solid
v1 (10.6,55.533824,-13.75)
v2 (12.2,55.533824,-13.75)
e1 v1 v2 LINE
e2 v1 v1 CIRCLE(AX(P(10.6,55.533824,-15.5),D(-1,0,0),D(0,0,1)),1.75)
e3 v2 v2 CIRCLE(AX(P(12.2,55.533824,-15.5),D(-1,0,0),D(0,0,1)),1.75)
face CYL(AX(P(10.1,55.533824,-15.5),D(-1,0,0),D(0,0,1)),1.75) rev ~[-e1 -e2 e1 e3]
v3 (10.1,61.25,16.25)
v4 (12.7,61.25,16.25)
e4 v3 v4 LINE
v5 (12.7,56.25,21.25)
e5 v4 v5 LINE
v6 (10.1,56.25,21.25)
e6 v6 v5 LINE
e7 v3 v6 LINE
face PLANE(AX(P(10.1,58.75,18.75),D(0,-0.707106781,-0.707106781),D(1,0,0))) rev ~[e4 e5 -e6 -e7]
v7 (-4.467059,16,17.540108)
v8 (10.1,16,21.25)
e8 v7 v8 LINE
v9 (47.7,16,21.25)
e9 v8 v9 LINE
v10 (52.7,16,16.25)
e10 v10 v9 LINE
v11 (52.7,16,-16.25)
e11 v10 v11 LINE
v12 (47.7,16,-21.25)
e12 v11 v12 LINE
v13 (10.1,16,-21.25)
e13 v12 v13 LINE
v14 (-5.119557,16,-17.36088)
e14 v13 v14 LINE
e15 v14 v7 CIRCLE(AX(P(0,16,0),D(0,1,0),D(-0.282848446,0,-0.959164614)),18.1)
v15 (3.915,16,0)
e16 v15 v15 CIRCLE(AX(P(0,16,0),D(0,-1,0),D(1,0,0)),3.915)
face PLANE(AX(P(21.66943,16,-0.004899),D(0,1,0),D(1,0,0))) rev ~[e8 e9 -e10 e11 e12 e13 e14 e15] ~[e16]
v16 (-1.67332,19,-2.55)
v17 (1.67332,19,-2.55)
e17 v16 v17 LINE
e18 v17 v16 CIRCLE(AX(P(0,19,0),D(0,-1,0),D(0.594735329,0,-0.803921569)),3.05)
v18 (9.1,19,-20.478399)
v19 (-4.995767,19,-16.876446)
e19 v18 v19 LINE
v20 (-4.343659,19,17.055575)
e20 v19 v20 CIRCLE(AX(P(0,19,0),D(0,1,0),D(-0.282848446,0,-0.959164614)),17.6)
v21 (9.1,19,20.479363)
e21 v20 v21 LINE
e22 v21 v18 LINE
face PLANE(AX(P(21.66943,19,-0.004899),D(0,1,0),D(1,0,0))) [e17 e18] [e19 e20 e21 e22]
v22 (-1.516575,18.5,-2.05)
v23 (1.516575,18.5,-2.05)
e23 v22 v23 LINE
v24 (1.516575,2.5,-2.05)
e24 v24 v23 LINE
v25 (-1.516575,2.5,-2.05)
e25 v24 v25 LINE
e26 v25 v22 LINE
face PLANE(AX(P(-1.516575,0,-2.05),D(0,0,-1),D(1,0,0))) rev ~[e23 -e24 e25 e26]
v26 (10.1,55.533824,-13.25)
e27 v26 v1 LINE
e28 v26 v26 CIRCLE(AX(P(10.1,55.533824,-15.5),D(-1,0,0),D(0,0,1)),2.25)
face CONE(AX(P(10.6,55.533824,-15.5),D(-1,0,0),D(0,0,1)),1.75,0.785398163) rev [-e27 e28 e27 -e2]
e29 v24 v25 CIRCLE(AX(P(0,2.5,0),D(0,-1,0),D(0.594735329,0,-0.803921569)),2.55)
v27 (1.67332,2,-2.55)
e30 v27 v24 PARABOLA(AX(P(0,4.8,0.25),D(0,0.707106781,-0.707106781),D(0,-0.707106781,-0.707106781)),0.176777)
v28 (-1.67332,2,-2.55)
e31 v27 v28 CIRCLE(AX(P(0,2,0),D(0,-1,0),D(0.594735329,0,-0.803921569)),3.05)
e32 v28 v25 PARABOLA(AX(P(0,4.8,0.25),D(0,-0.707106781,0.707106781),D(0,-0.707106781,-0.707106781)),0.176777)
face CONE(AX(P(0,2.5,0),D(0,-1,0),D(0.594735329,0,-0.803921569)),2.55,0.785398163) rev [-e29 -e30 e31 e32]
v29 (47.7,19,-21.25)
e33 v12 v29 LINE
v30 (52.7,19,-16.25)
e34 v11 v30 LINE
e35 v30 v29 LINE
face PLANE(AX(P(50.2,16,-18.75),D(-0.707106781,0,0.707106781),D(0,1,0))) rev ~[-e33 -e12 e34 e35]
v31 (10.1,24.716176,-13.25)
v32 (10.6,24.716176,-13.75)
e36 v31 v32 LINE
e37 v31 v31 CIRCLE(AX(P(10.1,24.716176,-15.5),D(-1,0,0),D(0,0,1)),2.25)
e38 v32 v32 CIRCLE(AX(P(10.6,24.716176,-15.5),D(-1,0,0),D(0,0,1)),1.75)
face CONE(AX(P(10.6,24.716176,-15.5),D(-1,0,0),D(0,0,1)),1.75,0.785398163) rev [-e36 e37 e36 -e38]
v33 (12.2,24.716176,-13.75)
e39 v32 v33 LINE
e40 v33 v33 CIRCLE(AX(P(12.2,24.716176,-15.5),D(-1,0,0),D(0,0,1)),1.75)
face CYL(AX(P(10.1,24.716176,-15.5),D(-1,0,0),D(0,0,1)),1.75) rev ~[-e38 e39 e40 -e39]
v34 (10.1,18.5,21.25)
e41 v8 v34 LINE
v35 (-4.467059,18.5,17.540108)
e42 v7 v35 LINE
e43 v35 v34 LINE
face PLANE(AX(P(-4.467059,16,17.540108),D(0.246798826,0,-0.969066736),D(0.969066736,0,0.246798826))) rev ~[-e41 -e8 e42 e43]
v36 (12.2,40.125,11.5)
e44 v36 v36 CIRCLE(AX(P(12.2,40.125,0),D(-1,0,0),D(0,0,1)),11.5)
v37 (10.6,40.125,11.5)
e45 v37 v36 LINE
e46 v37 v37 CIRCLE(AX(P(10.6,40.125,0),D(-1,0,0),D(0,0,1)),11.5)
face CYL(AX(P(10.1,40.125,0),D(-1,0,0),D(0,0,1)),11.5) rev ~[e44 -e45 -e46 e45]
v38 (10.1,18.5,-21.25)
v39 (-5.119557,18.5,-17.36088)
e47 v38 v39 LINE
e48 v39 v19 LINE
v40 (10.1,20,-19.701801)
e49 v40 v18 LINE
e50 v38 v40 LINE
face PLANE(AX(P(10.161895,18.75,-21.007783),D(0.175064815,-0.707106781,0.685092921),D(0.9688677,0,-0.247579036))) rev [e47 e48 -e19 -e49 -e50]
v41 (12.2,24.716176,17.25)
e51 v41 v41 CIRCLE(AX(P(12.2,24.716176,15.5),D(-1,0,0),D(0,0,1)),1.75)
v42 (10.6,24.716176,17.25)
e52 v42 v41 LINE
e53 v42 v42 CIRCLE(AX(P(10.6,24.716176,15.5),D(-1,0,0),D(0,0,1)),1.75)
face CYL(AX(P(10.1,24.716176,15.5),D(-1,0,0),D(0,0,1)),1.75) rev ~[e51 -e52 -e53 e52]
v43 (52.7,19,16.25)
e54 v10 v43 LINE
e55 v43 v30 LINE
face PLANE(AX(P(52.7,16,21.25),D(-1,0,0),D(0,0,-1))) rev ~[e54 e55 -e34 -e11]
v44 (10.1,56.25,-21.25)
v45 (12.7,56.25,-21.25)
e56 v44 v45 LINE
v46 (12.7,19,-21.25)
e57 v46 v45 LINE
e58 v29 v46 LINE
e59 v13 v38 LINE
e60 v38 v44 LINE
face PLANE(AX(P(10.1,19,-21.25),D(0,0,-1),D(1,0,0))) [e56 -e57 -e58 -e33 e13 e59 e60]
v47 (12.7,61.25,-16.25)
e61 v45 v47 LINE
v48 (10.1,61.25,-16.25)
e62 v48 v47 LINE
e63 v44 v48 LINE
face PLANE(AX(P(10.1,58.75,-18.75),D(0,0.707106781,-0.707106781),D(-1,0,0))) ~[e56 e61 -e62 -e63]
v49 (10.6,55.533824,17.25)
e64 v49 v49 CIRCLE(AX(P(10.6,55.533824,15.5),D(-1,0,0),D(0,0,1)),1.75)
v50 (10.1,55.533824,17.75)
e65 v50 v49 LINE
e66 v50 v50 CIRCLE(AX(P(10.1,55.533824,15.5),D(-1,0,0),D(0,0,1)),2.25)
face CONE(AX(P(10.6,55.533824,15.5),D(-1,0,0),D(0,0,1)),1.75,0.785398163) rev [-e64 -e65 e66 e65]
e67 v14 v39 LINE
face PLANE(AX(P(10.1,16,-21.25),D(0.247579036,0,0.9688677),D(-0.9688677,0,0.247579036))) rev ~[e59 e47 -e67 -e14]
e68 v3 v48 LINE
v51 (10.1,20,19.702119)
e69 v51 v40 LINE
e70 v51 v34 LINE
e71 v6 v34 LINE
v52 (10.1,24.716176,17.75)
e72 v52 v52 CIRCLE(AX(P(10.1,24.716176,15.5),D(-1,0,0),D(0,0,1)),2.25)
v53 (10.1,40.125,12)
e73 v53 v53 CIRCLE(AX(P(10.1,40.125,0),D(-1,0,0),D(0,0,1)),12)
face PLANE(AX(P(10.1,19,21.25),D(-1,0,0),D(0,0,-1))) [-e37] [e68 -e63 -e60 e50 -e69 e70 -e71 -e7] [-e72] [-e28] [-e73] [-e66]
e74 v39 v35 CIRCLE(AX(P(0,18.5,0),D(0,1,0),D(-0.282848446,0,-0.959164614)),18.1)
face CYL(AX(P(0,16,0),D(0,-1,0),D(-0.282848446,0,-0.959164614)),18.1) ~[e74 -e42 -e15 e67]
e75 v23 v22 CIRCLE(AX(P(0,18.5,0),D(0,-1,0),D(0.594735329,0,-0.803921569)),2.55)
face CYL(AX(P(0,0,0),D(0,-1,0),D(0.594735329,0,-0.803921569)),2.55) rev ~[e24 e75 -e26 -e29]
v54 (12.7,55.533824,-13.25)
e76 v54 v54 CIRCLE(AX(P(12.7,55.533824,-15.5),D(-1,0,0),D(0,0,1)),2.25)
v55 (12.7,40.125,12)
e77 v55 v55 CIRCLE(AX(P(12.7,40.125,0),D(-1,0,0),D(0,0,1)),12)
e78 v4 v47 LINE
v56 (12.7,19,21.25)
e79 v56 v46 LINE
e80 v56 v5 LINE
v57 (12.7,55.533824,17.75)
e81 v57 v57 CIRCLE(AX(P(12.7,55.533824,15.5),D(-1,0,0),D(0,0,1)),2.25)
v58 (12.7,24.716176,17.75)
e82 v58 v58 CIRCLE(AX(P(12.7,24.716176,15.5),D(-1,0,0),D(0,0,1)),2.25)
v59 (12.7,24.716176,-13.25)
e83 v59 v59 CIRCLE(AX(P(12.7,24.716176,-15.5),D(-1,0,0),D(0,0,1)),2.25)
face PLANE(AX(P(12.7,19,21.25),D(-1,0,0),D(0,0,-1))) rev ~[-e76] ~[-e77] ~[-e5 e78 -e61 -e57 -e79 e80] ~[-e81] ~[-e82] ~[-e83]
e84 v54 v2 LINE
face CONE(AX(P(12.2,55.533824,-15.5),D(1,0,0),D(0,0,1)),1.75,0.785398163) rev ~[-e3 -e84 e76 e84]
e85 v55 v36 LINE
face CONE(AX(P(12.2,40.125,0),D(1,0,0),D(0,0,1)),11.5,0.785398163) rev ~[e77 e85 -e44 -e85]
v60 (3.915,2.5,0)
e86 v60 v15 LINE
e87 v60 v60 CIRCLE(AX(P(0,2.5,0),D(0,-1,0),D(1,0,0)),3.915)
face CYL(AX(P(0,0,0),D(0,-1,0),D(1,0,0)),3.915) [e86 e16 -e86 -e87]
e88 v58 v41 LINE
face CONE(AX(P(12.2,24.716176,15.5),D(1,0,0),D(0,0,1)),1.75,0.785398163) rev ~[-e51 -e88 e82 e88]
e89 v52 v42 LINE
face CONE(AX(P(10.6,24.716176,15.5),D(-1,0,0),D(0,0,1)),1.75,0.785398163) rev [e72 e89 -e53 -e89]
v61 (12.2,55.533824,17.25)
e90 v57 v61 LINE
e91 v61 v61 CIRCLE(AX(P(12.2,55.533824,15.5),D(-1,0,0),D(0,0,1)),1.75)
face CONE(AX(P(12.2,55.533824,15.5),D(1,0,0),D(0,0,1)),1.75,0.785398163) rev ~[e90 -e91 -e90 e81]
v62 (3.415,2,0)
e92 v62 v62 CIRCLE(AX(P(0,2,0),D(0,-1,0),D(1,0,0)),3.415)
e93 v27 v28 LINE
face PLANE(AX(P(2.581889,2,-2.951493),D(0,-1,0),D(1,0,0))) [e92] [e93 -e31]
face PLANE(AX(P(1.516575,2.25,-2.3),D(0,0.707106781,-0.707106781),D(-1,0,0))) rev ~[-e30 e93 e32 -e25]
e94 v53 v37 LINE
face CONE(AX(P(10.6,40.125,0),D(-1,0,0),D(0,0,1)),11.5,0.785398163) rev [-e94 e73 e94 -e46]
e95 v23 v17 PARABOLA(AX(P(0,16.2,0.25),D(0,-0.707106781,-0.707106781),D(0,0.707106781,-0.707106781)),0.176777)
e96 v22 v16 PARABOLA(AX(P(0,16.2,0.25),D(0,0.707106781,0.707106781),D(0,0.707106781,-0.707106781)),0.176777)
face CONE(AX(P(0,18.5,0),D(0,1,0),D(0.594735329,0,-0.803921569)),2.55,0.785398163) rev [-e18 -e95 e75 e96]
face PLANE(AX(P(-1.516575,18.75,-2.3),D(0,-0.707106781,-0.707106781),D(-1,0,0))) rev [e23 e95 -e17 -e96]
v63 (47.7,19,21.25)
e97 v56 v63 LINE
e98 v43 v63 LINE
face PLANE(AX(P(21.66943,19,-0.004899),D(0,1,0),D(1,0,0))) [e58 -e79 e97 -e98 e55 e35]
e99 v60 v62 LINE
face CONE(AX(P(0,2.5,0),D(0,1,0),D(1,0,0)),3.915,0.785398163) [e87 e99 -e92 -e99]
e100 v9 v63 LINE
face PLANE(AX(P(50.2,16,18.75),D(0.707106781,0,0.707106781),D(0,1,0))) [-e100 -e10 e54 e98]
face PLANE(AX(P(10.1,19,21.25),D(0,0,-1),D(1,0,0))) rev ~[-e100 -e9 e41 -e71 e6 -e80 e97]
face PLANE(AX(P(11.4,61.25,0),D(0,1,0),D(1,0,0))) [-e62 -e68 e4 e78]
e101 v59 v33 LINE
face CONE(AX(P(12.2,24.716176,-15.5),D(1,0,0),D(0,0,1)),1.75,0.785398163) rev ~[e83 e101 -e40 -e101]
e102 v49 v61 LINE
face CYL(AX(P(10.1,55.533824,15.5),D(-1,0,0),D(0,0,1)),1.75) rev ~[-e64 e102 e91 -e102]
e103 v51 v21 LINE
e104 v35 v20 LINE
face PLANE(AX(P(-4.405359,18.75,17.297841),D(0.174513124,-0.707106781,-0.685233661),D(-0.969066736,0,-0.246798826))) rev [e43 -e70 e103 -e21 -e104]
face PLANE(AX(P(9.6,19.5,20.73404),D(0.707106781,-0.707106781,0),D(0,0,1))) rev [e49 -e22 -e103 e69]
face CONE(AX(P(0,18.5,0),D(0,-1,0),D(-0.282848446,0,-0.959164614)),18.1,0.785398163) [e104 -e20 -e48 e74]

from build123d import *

# Parameters (mm, degrees)
SKETCH_1_R          = 3.625
EXTRUDE_1_DEPTH     = 16
EXTRUDE_3_DEPTH     = 3
SKETCH_3_W          = 2.6
SKETCH_3_H          = 42.5
EXTRUDE_4_DEPTH     = 42.25
SKETCH_4_R          = 11.5
SKETCH_4_R_2        = 1.75
CUT_EXTRUDE_1_DEPTH = 42.25
EXTRUDE_5_REACH     = 85.549
SKETCH_5_R          = 3.915
SKETCH_5_R_2        = 3.625
CUT_EXTRUDE_2_REACH = 85.549
CHAMFER_1_SIZE      = 0.5
CHAMFER_2_SIZE      = 1
CHAMFER_3_SIZE      = 5
SKETCH_7_W          = 19.912738871
SKETCH_7_H          = 22.903585025
CUT_EXTRUDE_3_DEPTH = 2
CHAMFER_4_SIZE      = 0.5


with BuildPart() as part:
    # 草图1 → 凸台-拉伸1 (new body)
    with BuildSketch(Plane(origin=(0, 0, 0), x_dir=(1, 0, 0), z_dir=(0, 1, 0))):
        Circle(SKETCH_1_R)
    extrude(amount=EXTRUDE_1_DEPTH)

    # 草图2 → 凸台-拉伸3 (add)
    with BuildSketch(Plane(origin=(0, 16, 0), x_dir=(1, 0, 0), z_dir=(0, 1, 0))):
        with BuildLine():
            Line((10.1, 21.25), (-5.119556865, 17.360879514))
            ThreePointArc((-5.119556865, 17.360879514), (-18.096837592, -0.3383329), (-4.467058756, -17.540107926))
            Line((-4.467058756, -17.540107926), (10.1, -21.25))
            Line((10.1, -21.25), (52.7, -21.25))
            Line((52.7, -21.25), (52.7, 21.25))
            Line((52.7, 21.25), (10.1, 21.25))
        make_face()
    extrude(amount=EXTRUDE_3_DEPTH)

    # 草图3 → 凸台-拉伸4 (add)
    with BuildSketch(Plane(origin=(0, 19, 0), x_dir=(1, 0, 0), z_dir=(0, 1, 0))):
        with Locations((11.4, 0)):
            Rectangle(SKETCH_3_W, SKETCH_3_H)
    extrude(amount=EXTRUDE_4_DEPTH)

    # 草图4 → 切除-拉伸1 (cut)
    with BuildSketch(Plane.ZY.offset(-10.1)):
        with Locations((0, 40.125)):
            Circle(SKETCH_4_R)
        with Locations((-15.5, 55.533823529)):
            Circle(SKETCH_4_R_2)
        with Locations((15.5, 55.533823529)):
            Circle(SKETCH_4_R_2)
        with Locations((15.5, 24.716176471)):
            Circle(SKETCH_4_R_2)
        with Locations((-15.5, 24.716176471)):
            Circle(SKETCH_4_R_2)
    extrude(amount=-CUT_EXTRUDE_1_DEPTH, mode=Mode.SUBTRACT)

    # 草图5 → 凸台-拉伸5 (add, up to next)
    with BuildSketch(Plane.XZ, mode=Mode.PRIVATE) as extrude_5_sk1:
        Circle(SKETCH_5_R)
        Circle(SKETCH_5_R_2, mode=Mode.SUBTRACT)
    extrude_5_tool1 = extrude(extrude_5_sk1.sketch, amount=-EXTRUDE_5_REACH, mode=Mode.PRIVATE) - part.part
    add(extrude_5_tool1.solids().sort_by_distance((-3.804267, 0, 0))[0])

    # 草图6 → 切除-拉伸2 (cut, up to next)
    with BuildSketch(Plane.XZ, mode=Mode.PRIVATE) as cut_extrude_2_sk1:
        with BuildLine():
            Line((-1.516575089, -2.05), (1.516575089, -2.05))
            ThreePointArc((1.516575089, -2.05), (0, 2.55), (-1.516575089, -2.05))
        make_face()
    cut_extrude_2_tool1 = extrude(cut_extrude_2_sk1.sketch, amount=-CUT_EXTRUDE_2_REACH, mode=Mode.PRIVATE) & part.part
    add(cut_extrude_2_tool1.solids().sort_by_distance((0, 0, 0.119895))[0], mode=Mode.SUBTRACT)

    # 倒角1
    chamfer_1_edges = [part.edges().sort_by_distance(p)[0] for p in [
        (12.7, 24.716176471, 13.75),
        (10.1, 24.716176471, 13.75),
        (12.7, 55.533823529, 13.75),
        (10.1, 55.533823529, 13.75),
        (12.7, 55.533823529, -17.25),
        (10.1, 55.533823529, -17.25),
        (12.7, 40.125, -11.5),
        (10.1, 40.125, -11.5),
        (12.7, 24.716176471, -17.25),
        (10.1, 24.716176471, -17.25),
        (-3.915, 0, 0),
        (0, 0, -2.05),
        (0, 0, 2.55),
        (0, 19, 2.55),
        (0, 19, -2.05),
        (2.816470622, 19, 19.395053963),
        (-18.096837592, 19, 0.3383329),
        (2.490221568, 19, -19.305439757),
    ]]
    chamfer(chamfer_1_edges, length=CHAMFER_1_SIZE)

    # 倒角2
    chamfer_2_edges = [part.edges().sort_by_distance(p)[0] for p in [
        (10.1, 19, 5.2997e-05),
    ]]
    chamfer(chamfer_2_edges, length=CHAMFER_2_SIZE)

    # 倒角3
    chamfer_3_edges = [part.edges().sort_by_distance(p)[0] for p in [
        (11.4, 61.25, 21.25),
        (11.4, 61.25, -21.25),
        (52.7, 17.5, 21.25),
        (52.7, 17.5, -21.25),
    ]]
    chamfer(chamfer_3_edges, length=CHAMFER_3_SIZE)

    # 草图7 → 切除-拉伸3 (cut)
    with BuildSketch(Plane.XZ):
        with Locations((2.581888661, -2.951492916)):
            Rectangle(SKETCH_7_W, SKETCH_7_H)
    extrude(amount=-CUT_EXTRUDE_3_DEPTH, mode=Mode.SUBTRACT)

    # 倒角4
    chamfer_4_edges = [part.edges().sort_by_distance(p)[0] for p in [
        (0, 2, 2.55),
        (0, 2, -2.05),
        (-3.915, 2, 0),
    ]]
    chamfer(chamfer_4_edges, length=CHAMFER_4_SIZE)


solid = part.part
